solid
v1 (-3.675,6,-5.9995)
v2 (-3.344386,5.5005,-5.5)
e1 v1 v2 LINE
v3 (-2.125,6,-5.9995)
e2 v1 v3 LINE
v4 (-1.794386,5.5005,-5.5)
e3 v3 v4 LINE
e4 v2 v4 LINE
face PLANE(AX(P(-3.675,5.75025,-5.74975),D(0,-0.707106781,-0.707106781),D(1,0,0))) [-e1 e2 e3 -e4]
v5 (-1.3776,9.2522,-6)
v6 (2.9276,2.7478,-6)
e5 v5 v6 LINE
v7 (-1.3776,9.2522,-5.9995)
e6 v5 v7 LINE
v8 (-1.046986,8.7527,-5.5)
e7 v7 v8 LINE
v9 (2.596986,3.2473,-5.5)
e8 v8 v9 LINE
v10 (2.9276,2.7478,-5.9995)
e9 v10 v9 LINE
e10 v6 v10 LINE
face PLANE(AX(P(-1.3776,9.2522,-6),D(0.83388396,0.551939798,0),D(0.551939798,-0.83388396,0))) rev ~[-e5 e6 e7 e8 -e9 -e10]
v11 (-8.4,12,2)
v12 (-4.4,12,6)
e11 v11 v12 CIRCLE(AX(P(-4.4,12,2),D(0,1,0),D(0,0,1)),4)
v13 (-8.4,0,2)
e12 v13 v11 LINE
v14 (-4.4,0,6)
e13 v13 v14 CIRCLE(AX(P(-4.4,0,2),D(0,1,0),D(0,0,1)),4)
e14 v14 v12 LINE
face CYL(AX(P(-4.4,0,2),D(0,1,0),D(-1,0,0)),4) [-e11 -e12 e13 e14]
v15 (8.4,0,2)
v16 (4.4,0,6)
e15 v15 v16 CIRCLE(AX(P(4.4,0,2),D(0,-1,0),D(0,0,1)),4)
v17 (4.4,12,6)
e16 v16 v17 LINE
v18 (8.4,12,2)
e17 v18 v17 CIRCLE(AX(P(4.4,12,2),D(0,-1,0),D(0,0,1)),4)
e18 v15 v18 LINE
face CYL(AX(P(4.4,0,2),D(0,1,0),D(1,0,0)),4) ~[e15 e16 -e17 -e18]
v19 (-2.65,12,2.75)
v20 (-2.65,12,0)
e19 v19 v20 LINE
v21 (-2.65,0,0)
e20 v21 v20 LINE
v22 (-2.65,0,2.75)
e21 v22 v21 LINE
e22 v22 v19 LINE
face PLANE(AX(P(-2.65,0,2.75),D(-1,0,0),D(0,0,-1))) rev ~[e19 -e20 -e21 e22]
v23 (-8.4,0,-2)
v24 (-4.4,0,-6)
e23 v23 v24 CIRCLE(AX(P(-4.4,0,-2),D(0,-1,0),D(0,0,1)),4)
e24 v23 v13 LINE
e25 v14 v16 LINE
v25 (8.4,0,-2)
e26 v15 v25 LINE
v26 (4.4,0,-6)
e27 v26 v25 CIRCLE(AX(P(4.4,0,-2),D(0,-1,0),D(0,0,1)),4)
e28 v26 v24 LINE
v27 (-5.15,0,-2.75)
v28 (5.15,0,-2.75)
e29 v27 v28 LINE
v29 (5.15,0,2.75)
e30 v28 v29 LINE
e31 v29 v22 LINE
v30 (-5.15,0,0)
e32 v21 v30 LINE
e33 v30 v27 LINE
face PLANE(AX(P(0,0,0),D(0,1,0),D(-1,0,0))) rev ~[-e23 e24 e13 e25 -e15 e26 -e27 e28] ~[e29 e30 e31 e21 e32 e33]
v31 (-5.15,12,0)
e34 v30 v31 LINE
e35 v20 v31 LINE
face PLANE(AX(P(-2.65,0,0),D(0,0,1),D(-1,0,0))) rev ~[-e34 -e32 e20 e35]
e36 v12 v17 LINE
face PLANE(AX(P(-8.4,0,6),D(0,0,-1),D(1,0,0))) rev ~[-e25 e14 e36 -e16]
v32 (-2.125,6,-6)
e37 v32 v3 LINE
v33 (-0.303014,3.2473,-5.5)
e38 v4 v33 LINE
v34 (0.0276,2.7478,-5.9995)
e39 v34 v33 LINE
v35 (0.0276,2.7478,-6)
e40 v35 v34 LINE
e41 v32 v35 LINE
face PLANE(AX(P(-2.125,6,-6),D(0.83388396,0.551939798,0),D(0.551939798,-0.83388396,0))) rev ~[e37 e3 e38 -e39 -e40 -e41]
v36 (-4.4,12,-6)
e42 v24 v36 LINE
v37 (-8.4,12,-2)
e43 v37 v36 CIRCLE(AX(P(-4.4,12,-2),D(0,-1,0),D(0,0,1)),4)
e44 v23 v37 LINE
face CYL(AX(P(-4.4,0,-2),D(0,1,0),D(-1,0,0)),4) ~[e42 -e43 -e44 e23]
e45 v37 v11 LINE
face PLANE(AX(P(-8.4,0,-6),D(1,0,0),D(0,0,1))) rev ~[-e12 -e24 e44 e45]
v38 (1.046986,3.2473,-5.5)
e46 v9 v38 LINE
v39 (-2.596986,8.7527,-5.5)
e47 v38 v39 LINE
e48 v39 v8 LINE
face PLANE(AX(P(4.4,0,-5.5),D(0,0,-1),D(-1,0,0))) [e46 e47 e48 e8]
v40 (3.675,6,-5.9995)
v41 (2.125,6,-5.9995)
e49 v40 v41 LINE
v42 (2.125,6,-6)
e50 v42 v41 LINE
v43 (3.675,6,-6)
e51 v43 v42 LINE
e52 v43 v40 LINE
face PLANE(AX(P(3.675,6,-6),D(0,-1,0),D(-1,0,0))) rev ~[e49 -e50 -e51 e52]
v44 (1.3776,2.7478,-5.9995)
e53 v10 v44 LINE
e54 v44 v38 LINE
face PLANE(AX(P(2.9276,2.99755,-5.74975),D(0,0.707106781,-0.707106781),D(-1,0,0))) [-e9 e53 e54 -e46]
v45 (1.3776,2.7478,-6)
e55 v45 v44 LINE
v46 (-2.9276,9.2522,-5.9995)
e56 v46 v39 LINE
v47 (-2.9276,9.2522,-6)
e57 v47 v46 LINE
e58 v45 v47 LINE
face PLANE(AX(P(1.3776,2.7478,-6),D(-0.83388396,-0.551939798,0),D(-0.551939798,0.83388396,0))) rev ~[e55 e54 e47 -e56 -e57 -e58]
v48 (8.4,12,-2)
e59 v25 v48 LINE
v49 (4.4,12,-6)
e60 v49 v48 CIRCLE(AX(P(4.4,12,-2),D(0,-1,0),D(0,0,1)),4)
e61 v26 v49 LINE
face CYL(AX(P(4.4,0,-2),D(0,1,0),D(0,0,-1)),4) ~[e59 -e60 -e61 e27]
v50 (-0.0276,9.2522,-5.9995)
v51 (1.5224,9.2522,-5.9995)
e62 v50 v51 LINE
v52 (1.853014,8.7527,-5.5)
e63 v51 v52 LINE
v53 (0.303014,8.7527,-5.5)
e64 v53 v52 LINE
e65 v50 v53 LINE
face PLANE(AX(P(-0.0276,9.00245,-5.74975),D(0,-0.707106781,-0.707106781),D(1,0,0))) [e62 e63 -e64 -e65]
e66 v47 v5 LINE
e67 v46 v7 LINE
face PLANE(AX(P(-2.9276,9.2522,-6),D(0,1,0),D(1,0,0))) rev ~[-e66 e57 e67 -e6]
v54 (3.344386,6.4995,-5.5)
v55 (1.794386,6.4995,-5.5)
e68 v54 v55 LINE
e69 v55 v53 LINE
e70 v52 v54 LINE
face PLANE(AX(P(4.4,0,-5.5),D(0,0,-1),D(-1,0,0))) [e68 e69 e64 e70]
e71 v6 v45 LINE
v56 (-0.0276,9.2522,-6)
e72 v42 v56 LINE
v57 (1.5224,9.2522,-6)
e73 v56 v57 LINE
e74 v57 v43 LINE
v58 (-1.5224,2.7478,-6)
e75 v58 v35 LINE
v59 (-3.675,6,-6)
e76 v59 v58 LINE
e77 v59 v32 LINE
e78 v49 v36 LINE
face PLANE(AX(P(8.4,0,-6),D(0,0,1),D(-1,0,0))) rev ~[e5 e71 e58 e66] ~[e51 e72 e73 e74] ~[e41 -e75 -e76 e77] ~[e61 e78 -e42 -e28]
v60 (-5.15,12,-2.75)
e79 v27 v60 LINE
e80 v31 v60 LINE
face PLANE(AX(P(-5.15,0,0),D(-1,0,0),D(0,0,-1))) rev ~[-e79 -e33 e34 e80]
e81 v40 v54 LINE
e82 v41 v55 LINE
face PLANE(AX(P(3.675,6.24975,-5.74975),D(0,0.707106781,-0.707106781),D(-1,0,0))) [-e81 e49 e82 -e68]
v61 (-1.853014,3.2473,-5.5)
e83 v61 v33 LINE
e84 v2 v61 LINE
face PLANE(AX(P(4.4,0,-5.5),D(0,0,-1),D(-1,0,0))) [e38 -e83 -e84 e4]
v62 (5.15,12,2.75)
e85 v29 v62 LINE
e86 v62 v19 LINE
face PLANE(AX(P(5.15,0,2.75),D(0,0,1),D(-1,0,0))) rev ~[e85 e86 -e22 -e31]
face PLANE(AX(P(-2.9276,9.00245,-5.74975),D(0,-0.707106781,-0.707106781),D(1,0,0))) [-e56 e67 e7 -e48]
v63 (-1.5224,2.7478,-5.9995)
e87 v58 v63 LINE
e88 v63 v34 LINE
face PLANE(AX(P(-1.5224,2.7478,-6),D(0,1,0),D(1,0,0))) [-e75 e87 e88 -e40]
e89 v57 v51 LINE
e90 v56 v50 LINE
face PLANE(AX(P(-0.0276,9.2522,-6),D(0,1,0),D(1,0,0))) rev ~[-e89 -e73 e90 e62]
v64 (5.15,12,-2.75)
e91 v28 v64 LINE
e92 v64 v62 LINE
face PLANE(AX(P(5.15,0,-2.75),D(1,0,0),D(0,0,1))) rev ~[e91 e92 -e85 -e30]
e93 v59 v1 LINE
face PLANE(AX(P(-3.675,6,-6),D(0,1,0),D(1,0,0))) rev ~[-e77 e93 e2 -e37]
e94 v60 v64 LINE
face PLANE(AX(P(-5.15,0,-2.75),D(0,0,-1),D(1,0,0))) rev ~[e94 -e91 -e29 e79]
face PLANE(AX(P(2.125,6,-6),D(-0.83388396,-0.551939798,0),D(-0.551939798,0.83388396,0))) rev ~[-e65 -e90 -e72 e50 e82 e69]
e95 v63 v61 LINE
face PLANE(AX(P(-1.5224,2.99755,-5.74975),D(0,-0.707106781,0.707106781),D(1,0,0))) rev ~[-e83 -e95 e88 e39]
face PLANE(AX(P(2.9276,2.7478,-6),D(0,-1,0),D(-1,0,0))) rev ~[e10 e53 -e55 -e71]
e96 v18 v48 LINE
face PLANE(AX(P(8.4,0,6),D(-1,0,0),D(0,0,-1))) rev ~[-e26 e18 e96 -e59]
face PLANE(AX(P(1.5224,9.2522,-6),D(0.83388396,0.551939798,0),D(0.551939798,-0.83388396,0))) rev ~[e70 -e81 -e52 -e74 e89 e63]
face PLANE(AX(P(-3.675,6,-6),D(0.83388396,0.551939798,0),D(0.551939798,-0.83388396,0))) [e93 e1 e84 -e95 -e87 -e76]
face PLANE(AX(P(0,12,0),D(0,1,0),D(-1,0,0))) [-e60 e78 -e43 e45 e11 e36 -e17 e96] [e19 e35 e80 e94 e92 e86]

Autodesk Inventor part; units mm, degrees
ref_plane "YZ Plane" through (0, 0, 0) normal (1, 0, 0) x (0, 1, 0)
ref_plane "XZ Plane" through (0, 0, 0) normal (0, 1, 0) x (-1, 0, 0)
ref_plane "XY Plane" through (0, 0, 0) normal (0, 0, 1) x (1, 0, 0)
sketch "Skizze1" plane through (0, 0, 0) normal (0, 1, 0) x (-1, 0, 0)
  line L0 (-5.15, 2.75) -> (2.65, 2.75)
  line L1 (2.65, 2.75) -> (2.65, 0)
  line L2 (2.65, 0) -> (5.15, 0)
  line L3 (5.15, 0) -> (5.15, -2.75)
  line L4 (5.15, -2.75) -> (-5.15, -2.75)
  line L5 (-5.15, -2.75) -> (-5.15, 2.75)
  line L6 (8.4, 6) -> (-8.4, 6)
  line L7 (-8.4, 6) -> (-8.4, -6)
  line L8 (-8.4, -6) -> (8.4, -6)
  line L9 (8.4, -6) -> (8.4, 6)
  line L10 (8.4, 6) -> (-8.4, -6) construction
  line L11 (-8.4, 6) -> (8.4, -6) construction
  point P0 (0, 0)
  point P1 (0, 0)
  dimension "d0" = 16.8
  dimension "d1" = 12
  dimension "d2" = 5.5
  dimension "d3" = 10.3
  dimension "d4" = 2.75
  dimension "d5" = 7.8
  dimension "d6" = 2.75
  dimension "d7" = 3.25
  dimension "d8" = 3.25
extrude "Extrusion1" add sketch "Skizze1" along normal blind 12
fillet "Rundung1" radius 4 4 edges at (8.4, 6, -6) (8.4, 6, 6) (-8.4, 6, -6) (-8.4, 6, 6)
sketch "Skizze3" plane through (4.4, 0, -6) normal (0, 0, -1) x (-1, 0, 0)
  line L0 (8.075, 6) -> (6.525, 6)
  line L1 (6.525, 6) -> (4.3724, 2.7478)
  line L2 (8.075, 6) -> (5.9224, 2.7478)
  line L3 (8.075, 6) -> (11.975, 6) construction
  line L4 (5.9224, 2.7478) -> (4.3724, 2.7478)
  line L5 (3.0224, 2.7478) -> (7.3276, 9.2522)
  line L6 (3.0224, 2.7478) -> (10.8224, 2.7478) construction
  line L7 (7.3276, 9.2522) -> (5.7776, 9.2522)
  line L8 (7.3276, 9.2522) -> (8.8776, 9.2522) construction
  line L9 (5.7776, 9.2522) -> (1.4724, 2.7478)
  line L10 (1.4724, 2.7478) -> (3.0224, 2.7478)
  line L11 (4.4276, 9.2522) -> (2.8776, 9.2522)
  line L12 (2.8776, 9.2522) -> (0.725, 6)
  line L13 (0.725, 6) -> (2.275, 6)
  line L14 (0.725, 6) -> (2.275, 6) construction
  line L15 (2.275, 6) -> (4.4276, 9.2522)
  line L16 (-4, 12) -> (-4, 0) projected
  line L17 (12.8, 0) -> (12.8, 12) projected
  line L18 (0, 12) -> (8.8, 12) projected
  line L19 (0, 0) -> (8.8, 0) projected
  point P0 (4.4, 0)
  point P1 (0, 12.9522)
  dimension "d21" = 3.9
  dimension "d22" = 123.5
  dimension "d23" = 3.9
  dimension "d24" = 123.5
  dimension "d25" = 7.8
  dimension "d26" = 56.5
  dimension "d27" = 1.55
  dimension "d28" = 1.55
  dimension "d29" = 1.55
  dimension "d30" = 180
  dimension "d31" = 123.5
  dimension "d32" = 1.55
  dimension "d33" = 3.9
  dimension "d34" = 123.5
  dimension "d35" = 1.55
  dimension "d36" = 0
  dimension "d37" = 1.35
  dimension "d38" = 1.35
  dimension "d39" = 7.35
  dimension "d42" = 3.7
  dimension "d43" = 0
  dimension "d50" = 4.725
  dimension "d51" = 4.725
  dimension "d52" = 2.7479
  dimension "d53" = 2.7479
extrude "Extrusion3" cut sketch "Skizze3" against normal blind 0.5
chamfer "Fase2" distance 0.5 angle 45 6 edges at (-2.1526, 9.2522, -5.5) (-2.9, 6, -5.5) (0.7474, 9.2522, -5.5) (2.9, 6, -5.5) (2.1526, 2.7478, -5.5) (-0.7474, 2.7478, -5.5)
equation "\"d0\" = d3 + 2 * d7"
equation "\"d7\" = d8"
equation "\"d37\" = d38"
equation "\"d50\" = d51"
equation "\"d52\" = d53"
properties part number "Plugholder"
